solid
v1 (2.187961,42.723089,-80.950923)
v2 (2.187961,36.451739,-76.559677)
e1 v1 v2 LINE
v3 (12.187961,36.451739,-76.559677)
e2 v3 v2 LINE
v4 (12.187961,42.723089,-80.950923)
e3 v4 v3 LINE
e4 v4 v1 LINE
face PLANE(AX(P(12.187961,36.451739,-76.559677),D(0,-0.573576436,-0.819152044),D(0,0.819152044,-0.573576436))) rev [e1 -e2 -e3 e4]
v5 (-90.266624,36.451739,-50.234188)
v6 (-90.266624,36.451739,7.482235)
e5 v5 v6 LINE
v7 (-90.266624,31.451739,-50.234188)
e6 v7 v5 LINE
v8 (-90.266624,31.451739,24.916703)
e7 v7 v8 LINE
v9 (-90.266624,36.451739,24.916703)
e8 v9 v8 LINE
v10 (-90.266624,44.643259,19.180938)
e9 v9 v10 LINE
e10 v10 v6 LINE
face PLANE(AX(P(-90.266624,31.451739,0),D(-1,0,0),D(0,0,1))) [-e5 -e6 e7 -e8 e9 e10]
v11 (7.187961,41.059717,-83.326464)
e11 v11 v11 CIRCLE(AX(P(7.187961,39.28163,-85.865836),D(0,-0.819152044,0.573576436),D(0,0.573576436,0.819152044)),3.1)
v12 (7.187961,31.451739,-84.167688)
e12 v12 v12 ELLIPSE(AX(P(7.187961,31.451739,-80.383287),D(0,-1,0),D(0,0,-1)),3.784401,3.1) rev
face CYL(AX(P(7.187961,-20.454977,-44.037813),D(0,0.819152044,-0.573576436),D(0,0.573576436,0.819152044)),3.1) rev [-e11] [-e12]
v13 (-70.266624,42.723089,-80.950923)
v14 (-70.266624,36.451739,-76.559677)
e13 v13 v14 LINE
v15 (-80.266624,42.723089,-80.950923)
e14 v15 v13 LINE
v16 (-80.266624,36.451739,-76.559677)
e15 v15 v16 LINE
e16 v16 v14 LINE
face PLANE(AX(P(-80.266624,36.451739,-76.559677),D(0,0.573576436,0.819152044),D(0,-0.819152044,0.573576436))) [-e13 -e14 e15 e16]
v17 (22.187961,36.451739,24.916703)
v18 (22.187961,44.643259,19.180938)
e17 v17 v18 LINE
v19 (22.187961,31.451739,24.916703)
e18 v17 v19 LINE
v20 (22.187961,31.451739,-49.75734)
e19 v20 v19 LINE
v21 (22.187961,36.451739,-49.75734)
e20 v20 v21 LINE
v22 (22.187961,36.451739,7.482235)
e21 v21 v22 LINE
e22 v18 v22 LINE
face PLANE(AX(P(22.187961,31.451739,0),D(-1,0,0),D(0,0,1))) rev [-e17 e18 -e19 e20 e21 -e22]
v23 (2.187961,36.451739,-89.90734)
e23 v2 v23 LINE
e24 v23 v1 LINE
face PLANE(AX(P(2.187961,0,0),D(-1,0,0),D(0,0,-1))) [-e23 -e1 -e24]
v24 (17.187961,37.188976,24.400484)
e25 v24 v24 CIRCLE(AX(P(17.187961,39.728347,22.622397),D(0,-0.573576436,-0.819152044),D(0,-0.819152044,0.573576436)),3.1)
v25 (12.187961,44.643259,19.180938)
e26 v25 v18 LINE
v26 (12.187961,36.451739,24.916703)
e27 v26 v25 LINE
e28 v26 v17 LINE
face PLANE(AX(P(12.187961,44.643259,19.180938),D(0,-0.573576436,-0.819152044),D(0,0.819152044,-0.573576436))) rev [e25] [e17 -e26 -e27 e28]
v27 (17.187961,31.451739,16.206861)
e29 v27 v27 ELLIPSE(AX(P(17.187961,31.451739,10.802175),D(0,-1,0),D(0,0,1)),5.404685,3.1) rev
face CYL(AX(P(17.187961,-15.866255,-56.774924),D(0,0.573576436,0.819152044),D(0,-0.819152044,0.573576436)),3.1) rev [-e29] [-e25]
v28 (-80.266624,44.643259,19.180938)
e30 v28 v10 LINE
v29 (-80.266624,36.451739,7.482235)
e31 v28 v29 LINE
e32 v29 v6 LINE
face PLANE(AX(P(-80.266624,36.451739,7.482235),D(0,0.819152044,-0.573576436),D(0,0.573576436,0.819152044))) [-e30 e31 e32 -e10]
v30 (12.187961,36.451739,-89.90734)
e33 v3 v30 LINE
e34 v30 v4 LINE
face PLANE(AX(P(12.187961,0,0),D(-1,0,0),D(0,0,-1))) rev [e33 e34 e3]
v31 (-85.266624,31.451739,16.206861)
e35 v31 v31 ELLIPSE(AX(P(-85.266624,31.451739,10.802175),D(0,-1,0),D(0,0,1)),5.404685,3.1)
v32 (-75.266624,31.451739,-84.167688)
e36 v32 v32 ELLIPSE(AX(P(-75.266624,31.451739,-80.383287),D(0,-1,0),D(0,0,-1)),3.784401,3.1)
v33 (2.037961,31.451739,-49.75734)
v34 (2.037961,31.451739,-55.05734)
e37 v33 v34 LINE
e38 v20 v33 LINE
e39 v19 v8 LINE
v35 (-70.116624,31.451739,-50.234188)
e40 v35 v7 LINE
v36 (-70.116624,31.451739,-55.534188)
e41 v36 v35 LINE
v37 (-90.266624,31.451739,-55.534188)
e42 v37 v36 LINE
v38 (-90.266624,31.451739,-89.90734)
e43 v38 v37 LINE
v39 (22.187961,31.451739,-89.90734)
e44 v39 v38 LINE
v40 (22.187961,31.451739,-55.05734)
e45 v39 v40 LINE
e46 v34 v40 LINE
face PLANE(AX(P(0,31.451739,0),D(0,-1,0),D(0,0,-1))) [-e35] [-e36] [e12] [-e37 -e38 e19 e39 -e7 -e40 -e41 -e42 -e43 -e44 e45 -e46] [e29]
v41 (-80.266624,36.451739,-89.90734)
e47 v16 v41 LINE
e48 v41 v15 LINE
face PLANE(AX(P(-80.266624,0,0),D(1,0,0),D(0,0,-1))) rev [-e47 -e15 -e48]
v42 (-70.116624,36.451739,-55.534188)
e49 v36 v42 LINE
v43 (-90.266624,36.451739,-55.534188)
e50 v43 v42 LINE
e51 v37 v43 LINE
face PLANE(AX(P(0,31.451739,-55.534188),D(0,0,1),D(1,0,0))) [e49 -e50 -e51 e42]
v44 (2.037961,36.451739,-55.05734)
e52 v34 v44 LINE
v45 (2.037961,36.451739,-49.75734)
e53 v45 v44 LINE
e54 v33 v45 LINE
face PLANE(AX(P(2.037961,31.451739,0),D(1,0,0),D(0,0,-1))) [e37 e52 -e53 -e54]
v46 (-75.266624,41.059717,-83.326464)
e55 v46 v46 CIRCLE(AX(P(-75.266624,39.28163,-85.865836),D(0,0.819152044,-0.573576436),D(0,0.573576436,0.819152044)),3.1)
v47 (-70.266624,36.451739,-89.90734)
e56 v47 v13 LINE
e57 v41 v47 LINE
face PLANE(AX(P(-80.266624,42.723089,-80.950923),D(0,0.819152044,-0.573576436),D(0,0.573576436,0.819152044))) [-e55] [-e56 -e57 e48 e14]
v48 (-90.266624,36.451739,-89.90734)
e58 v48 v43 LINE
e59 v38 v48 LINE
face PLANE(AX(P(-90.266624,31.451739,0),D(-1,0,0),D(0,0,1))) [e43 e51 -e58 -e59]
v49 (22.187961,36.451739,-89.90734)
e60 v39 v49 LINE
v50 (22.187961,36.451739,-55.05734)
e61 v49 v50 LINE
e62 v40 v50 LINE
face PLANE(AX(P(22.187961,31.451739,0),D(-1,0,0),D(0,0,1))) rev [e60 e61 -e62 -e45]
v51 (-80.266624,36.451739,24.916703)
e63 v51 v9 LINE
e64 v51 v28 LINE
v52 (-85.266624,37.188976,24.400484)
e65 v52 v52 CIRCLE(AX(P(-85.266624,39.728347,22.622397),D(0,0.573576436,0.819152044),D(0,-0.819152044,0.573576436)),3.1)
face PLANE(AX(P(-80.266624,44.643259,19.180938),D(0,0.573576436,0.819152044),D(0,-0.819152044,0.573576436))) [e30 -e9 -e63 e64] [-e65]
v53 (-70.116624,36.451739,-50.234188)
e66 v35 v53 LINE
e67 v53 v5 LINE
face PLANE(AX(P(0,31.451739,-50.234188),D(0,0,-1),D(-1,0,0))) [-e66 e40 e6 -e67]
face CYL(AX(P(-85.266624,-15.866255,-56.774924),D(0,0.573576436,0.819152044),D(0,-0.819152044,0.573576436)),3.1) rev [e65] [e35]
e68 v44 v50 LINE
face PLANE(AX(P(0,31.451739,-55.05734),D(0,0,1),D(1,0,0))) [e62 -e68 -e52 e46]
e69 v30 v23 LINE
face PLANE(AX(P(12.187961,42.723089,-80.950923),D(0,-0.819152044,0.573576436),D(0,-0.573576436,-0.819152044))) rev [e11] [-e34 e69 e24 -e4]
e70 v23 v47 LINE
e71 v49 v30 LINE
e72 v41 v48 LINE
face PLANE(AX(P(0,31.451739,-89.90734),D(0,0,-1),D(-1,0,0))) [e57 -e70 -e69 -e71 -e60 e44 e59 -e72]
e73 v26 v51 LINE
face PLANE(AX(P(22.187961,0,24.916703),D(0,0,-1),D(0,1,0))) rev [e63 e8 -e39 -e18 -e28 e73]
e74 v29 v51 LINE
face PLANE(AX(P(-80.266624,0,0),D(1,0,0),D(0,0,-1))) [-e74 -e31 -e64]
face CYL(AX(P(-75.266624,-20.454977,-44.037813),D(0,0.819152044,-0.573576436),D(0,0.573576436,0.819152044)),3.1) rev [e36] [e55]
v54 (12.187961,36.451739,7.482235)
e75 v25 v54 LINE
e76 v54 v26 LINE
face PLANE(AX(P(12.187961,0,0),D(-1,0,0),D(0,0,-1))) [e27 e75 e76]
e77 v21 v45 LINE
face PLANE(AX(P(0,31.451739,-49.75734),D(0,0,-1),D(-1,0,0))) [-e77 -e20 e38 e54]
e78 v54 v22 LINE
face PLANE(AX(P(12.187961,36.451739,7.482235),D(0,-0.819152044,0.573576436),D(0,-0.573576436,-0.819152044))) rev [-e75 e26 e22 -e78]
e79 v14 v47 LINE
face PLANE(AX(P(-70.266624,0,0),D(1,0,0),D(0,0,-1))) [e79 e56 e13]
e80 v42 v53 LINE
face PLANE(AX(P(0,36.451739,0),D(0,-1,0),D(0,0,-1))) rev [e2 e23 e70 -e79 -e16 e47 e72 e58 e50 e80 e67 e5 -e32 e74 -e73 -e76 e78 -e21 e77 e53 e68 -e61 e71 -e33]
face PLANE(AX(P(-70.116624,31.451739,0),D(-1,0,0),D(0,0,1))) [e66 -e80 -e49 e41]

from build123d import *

# Parameters (mm, degrees)
BOSS_EXTRUDE1_DEPTH = 2.5
BOSS_EXTRUDE2_DEPTH = 10
SKETCH3_R           = 3.1
CUT_EXTRUDE1_DEPTH  = 97.926231277
BOSS_EXTRUDE3_DEPTH = 10
SKETCH5_R           = 3.1
CUT_EXTRUDE2_DEPTH  = 73.924932584
SKETCH6_W           = 5.175957564
SKETCH6_H           = 5
CUT_EXTRUDE3_DEPTH  = 113.454585159


with BuildPart() as part:
    # Sketch1 → Boss-Extrude1 (new body, symmetric)
    with BuildSketch(Plane(origin=(-32.81203924, 33.9517387, -54.90733973), x_dir=(-1, 0, 0), z_dir=(0, -1, 0))):
        Polygon((57.454585159, 35), (-55, 35), (-55, 0.15), (-34.85, 0.15), (-34.85, -5.15), (-55, -5.15), (-55, -85), (57.454585159, -85), (57.454585159, -4.673151813), (37.304585159, -4.673151813), (37.304585159, 0.626848187), (57.454585159, 0.626848187), align=None)
    extrude(amount=BOSS_EXTRUDE1_DEPTH, both=True)

    # Sketch2 → Boss-Extrude2 (add)
    with BuildSketch(Plane.ZY.offset(90.266624399)):
        Polygon((7.48223475, 36.4517387), (19.180938343, 44.643259143), (24.916702706, 36.4517387), align=None)
    boss_extrude2 = extrude(amount=-BOSS_EXTRUDE2_DEPTH)

    # Sketch3 → Cut-Extrude1 (cut, through all)
    with BuildSketch(Plane(origin=(0, 23.699275736, 33.846073404), x_dir=(1, 0, 0), z_dir=(0, 0.573576436, 0.819152044))):
        with Locations((-85.266624399, 19.56788273)):
            Circle(SKETCH3_R)
    cut_extrude1 = extrude(amount=-CUT_EXTRUDE1_DEPTH, mode=Mode.SUBTRACT)

    # Sketch4 → Boss-Extrude3 (add)
    with BuildSketch(Plane(origin=(-70.266624399, 0, 0), x_dir=(0, 0, -1), z_dir=(1, 0, 0))):
        Polygon((76.559676692, 36.4517387), (80.950923398, 42.723088931), (89.90733973, 36.4517387), align=None)
    boss_extrude3 = extrude(amount=-BOSS_EXTRUDE3_DEPTH)

    # Sketch5 → Cut-Extrude2 (cut, through all)
    with BuildSketch(Plane(origin=(0, 66.702115647, -46.70532419), x_dir=(1, 0, 0), z_dir=(0, 0.819152044, -0.573576436))):
        with Locations((-75.266624399, 47.80615729)):
            Circle(SKETCH5_R)
    cut_extrude2 = extrude(amount=-CUT_EXTRUDE2_DEPTH, mode=Mode.SUBTRACT)

    # Mirror1: Boss-Extrude2, Cut-Extrude1, Boss-Extrude3, Cut-Extrude2 across plane
    add(boss_extrude2.mirror(Plane.ZY.offset(34.03933182)))
    add(cut_extrude1.mirror(Plane.ZY.offset(34.03933182)), mode=Mode.SUBTRACT)
    add(boss_extrude3.mirror(Plane.ZY.offset(34.03933182)))
    add(cut_extrude2.mirror(Plane.ZY.offset(34.03933182)), mode=Mode.SUBTRACT)

    # Sketch6 → Cut-Extrude3 (cut, through all)
    with BuildSketch(Plane.ZY.offset(90.266624399)):
        with Locations((27.504681488, 33.9517387)):
            Rectangle(SKETCH6_W, SKETCH6_H)
    extrude(amount=-CUT_EXTRUDE3_DEPTH, mode=Mode.SUBTRACT)


solid = part.part
